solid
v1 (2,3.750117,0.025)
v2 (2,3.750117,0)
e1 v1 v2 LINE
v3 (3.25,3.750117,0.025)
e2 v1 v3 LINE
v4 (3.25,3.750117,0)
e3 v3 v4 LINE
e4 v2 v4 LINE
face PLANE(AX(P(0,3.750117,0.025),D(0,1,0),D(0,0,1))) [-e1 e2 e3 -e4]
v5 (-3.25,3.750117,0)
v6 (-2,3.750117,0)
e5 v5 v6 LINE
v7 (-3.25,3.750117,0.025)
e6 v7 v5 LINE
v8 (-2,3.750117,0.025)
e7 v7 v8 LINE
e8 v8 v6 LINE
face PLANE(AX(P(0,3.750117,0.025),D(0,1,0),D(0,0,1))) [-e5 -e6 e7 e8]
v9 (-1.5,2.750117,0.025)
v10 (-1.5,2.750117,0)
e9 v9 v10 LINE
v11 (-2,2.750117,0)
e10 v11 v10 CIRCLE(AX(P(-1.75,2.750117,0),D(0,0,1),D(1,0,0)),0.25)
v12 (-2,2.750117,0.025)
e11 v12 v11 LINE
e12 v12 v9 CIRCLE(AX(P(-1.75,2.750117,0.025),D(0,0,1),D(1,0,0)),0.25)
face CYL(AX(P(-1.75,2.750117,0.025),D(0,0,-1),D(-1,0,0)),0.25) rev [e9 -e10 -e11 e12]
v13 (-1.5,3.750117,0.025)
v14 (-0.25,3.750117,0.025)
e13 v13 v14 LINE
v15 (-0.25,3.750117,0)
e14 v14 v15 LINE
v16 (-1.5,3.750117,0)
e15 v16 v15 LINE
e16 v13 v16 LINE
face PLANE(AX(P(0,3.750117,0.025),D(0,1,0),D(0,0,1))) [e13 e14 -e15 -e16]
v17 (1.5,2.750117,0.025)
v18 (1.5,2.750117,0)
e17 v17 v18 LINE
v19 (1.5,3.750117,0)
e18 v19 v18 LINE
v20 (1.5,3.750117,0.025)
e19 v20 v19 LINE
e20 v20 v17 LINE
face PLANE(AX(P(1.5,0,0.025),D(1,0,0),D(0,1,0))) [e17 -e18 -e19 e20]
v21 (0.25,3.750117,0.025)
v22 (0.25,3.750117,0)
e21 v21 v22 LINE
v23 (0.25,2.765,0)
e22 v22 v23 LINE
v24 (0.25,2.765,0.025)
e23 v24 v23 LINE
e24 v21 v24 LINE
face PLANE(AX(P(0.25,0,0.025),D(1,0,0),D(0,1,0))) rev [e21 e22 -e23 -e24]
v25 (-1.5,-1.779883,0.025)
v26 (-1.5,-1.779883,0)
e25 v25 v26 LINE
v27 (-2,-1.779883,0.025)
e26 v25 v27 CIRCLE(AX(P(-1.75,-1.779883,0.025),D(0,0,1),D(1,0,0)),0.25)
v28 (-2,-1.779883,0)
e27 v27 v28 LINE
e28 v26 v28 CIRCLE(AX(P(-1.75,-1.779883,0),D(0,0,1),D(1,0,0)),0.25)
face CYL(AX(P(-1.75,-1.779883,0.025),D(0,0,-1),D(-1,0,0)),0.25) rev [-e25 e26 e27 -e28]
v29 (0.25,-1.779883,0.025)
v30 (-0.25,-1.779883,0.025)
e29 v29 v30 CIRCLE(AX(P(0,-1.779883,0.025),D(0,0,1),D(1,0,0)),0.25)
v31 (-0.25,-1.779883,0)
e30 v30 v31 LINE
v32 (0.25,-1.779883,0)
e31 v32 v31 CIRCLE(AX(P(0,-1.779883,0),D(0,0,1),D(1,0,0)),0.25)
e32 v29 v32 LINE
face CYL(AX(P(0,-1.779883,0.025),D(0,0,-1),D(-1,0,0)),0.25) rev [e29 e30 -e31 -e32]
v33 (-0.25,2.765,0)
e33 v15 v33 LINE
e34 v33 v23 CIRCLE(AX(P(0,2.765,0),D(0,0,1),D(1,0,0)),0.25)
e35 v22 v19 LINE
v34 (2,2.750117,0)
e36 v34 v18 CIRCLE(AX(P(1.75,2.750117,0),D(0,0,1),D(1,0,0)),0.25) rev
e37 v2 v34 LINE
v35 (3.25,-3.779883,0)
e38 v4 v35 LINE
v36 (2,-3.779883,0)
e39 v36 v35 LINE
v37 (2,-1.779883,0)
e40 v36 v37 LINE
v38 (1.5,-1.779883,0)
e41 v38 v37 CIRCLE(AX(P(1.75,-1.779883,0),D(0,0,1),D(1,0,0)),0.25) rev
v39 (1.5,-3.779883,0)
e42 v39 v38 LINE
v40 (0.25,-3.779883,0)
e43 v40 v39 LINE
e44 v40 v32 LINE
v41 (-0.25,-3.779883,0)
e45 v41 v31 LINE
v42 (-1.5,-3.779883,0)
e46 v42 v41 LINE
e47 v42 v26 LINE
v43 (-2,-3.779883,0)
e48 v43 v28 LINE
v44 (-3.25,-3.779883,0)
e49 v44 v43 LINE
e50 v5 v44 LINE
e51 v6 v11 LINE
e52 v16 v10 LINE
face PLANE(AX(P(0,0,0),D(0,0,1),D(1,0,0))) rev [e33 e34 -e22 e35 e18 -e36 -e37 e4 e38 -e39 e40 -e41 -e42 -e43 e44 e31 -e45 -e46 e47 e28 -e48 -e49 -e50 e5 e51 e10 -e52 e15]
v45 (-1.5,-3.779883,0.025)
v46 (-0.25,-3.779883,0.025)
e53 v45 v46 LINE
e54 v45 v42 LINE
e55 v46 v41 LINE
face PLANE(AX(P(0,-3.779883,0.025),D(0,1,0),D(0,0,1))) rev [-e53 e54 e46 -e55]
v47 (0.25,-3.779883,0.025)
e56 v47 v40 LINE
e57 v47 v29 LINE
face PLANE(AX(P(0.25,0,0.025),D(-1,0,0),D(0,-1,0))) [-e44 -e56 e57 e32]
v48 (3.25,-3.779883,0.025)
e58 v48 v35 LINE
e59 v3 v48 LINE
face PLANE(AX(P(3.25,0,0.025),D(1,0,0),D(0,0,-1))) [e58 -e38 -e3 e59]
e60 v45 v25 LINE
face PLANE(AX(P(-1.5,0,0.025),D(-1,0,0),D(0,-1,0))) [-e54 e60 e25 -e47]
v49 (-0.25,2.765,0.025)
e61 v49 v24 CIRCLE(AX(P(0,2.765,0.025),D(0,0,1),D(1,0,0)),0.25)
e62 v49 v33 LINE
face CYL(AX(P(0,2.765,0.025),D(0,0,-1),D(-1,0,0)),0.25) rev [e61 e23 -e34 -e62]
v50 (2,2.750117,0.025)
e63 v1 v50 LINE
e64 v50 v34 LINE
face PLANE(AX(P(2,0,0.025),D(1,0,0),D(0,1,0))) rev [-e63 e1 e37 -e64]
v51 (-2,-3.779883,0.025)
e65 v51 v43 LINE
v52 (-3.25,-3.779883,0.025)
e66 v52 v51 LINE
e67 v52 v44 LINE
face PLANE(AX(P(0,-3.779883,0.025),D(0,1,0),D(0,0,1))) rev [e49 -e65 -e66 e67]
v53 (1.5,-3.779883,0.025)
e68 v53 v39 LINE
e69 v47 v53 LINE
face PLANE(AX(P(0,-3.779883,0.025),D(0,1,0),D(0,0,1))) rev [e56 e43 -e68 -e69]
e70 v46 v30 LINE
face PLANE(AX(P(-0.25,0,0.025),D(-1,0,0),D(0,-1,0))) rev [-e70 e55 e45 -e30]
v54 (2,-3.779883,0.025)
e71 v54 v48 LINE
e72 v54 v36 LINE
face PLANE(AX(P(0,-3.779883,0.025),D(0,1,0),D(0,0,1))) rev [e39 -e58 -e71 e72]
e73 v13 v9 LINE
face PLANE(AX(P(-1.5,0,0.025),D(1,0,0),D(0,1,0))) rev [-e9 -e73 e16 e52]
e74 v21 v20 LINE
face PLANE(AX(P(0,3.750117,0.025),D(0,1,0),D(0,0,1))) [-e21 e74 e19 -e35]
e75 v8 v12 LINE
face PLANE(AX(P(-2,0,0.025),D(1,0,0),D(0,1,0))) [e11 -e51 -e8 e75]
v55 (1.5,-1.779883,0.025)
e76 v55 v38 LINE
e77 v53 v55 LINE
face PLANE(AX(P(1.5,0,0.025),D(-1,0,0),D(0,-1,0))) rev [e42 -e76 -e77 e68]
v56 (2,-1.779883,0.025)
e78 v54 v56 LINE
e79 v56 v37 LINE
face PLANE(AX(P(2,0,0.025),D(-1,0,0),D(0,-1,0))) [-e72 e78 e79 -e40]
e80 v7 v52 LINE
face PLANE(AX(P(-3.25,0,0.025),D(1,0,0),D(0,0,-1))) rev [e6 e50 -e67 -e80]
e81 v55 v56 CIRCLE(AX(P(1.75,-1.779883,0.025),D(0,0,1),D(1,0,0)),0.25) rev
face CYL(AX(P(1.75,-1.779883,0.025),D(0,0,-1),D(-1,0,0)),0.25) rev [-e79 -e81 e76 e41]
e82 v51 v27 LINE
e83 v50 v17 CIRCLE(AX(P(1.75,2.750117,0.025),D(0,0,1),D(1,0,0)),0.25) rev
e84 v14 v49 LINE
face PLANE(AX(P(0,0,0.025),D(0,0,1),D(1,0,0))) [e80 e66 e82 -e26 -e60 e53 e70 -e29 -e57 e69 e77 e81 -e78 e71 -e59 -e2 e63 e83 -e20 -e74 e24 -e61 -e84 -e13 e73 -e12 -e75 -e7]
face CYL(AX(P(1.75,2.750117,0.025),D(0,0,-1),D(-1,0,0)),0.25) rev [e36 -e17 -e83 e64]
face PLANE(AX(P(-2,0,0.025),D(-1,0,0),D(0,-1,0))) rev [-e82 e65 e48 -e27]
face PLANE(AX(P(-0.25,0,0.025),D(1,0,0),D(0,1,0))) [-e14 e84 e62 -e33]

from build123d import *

# Parameters (mm, degrees)
BOSS_EXTRUDE1_DEPTH = 0.025


with BuildPart() as part:
    # Sketch3 → Boss-Extrude1 (new body)
    with BuildSketch(Plane.XY):
        with BuildLine():
            Line((-2, 3.75011651), (-3.25, 3.75011651))
            Line((-3.25, 3.75011651), (-3.25, -3.77988349))
            Line((-3.25, -3.77988349), (-2, -3.77988349))
            Line((-2, -3.77988349), (-2, -1.77988349))
            ThreePointArc((-2, -1.77988349), (-1.75, -1.52988349), (-1.5, -1.77988349))
            Line((-1.5, -1.77988349), (-1.5, -3.77988349))
            Line((-1.5, -3.77988349), (-0.25, -3.77988349))
            Line((-0.25, -3.77988349), (-0.25, -1.77988349))
            ThreePointArc((-0.25, -1.77988349), (0, -1.52988349), (0.25, -1.77988349))
            Line((0.25, -1.77988349), (0.25, -3.77988349))
            Line((0.25, -3.77988349), (1.5, -3.77988349))
            Line((1.5, -3.77988349), (1.5, -1.77988349))
            ThreePointArc((1.5, -1.77988349), (1.75, -1.52988349), (2, -1.77988349))
            Line((2, -1.77988349), (2, -3.77988349))
            Line((2, -3.77988349), (3.25, -3.77988349))
            Line((3.25, -3.77988349), (3.25, 3.75011651))
            Line((3.25, 3.75011651), (2, 3.75011651))
            Line((2, 3.75011651), (2, 2.75011651))
            ThreePointArc((2, 2.75011651), (1.75, 2.50011651), (1.5, 2.75011651))
            Line((1.5, 2.75011651), (1.5, 3.75011651))
            Line((1.5, 3.75011651), (0.25, 3.75011651))
            Line((0.25, 3.75011651), (0.25, 2.765))
            ThreePointArc((0.25, 2.765), (0, 2.515), (-0.25, 2.765))
            Line((-0.25, 2.765), (-0.25, 3.75011651))
            Line((-0.25, 3.75011651), (-1.5, 3.75011651))
            Line((-1.5, 3.75011651), (-1.5, 2.75011651))
            ThreePointArc((-1.5, 2.75011651), (-1.75, 2.50011651), (-2, 2.75011651))
            Line((-2, 2.75011651), (-2, 3.75011651))
        make_face()
    extrude(amount=BOSS_EXTRUDE1_DEPTH)


solid = part.part
